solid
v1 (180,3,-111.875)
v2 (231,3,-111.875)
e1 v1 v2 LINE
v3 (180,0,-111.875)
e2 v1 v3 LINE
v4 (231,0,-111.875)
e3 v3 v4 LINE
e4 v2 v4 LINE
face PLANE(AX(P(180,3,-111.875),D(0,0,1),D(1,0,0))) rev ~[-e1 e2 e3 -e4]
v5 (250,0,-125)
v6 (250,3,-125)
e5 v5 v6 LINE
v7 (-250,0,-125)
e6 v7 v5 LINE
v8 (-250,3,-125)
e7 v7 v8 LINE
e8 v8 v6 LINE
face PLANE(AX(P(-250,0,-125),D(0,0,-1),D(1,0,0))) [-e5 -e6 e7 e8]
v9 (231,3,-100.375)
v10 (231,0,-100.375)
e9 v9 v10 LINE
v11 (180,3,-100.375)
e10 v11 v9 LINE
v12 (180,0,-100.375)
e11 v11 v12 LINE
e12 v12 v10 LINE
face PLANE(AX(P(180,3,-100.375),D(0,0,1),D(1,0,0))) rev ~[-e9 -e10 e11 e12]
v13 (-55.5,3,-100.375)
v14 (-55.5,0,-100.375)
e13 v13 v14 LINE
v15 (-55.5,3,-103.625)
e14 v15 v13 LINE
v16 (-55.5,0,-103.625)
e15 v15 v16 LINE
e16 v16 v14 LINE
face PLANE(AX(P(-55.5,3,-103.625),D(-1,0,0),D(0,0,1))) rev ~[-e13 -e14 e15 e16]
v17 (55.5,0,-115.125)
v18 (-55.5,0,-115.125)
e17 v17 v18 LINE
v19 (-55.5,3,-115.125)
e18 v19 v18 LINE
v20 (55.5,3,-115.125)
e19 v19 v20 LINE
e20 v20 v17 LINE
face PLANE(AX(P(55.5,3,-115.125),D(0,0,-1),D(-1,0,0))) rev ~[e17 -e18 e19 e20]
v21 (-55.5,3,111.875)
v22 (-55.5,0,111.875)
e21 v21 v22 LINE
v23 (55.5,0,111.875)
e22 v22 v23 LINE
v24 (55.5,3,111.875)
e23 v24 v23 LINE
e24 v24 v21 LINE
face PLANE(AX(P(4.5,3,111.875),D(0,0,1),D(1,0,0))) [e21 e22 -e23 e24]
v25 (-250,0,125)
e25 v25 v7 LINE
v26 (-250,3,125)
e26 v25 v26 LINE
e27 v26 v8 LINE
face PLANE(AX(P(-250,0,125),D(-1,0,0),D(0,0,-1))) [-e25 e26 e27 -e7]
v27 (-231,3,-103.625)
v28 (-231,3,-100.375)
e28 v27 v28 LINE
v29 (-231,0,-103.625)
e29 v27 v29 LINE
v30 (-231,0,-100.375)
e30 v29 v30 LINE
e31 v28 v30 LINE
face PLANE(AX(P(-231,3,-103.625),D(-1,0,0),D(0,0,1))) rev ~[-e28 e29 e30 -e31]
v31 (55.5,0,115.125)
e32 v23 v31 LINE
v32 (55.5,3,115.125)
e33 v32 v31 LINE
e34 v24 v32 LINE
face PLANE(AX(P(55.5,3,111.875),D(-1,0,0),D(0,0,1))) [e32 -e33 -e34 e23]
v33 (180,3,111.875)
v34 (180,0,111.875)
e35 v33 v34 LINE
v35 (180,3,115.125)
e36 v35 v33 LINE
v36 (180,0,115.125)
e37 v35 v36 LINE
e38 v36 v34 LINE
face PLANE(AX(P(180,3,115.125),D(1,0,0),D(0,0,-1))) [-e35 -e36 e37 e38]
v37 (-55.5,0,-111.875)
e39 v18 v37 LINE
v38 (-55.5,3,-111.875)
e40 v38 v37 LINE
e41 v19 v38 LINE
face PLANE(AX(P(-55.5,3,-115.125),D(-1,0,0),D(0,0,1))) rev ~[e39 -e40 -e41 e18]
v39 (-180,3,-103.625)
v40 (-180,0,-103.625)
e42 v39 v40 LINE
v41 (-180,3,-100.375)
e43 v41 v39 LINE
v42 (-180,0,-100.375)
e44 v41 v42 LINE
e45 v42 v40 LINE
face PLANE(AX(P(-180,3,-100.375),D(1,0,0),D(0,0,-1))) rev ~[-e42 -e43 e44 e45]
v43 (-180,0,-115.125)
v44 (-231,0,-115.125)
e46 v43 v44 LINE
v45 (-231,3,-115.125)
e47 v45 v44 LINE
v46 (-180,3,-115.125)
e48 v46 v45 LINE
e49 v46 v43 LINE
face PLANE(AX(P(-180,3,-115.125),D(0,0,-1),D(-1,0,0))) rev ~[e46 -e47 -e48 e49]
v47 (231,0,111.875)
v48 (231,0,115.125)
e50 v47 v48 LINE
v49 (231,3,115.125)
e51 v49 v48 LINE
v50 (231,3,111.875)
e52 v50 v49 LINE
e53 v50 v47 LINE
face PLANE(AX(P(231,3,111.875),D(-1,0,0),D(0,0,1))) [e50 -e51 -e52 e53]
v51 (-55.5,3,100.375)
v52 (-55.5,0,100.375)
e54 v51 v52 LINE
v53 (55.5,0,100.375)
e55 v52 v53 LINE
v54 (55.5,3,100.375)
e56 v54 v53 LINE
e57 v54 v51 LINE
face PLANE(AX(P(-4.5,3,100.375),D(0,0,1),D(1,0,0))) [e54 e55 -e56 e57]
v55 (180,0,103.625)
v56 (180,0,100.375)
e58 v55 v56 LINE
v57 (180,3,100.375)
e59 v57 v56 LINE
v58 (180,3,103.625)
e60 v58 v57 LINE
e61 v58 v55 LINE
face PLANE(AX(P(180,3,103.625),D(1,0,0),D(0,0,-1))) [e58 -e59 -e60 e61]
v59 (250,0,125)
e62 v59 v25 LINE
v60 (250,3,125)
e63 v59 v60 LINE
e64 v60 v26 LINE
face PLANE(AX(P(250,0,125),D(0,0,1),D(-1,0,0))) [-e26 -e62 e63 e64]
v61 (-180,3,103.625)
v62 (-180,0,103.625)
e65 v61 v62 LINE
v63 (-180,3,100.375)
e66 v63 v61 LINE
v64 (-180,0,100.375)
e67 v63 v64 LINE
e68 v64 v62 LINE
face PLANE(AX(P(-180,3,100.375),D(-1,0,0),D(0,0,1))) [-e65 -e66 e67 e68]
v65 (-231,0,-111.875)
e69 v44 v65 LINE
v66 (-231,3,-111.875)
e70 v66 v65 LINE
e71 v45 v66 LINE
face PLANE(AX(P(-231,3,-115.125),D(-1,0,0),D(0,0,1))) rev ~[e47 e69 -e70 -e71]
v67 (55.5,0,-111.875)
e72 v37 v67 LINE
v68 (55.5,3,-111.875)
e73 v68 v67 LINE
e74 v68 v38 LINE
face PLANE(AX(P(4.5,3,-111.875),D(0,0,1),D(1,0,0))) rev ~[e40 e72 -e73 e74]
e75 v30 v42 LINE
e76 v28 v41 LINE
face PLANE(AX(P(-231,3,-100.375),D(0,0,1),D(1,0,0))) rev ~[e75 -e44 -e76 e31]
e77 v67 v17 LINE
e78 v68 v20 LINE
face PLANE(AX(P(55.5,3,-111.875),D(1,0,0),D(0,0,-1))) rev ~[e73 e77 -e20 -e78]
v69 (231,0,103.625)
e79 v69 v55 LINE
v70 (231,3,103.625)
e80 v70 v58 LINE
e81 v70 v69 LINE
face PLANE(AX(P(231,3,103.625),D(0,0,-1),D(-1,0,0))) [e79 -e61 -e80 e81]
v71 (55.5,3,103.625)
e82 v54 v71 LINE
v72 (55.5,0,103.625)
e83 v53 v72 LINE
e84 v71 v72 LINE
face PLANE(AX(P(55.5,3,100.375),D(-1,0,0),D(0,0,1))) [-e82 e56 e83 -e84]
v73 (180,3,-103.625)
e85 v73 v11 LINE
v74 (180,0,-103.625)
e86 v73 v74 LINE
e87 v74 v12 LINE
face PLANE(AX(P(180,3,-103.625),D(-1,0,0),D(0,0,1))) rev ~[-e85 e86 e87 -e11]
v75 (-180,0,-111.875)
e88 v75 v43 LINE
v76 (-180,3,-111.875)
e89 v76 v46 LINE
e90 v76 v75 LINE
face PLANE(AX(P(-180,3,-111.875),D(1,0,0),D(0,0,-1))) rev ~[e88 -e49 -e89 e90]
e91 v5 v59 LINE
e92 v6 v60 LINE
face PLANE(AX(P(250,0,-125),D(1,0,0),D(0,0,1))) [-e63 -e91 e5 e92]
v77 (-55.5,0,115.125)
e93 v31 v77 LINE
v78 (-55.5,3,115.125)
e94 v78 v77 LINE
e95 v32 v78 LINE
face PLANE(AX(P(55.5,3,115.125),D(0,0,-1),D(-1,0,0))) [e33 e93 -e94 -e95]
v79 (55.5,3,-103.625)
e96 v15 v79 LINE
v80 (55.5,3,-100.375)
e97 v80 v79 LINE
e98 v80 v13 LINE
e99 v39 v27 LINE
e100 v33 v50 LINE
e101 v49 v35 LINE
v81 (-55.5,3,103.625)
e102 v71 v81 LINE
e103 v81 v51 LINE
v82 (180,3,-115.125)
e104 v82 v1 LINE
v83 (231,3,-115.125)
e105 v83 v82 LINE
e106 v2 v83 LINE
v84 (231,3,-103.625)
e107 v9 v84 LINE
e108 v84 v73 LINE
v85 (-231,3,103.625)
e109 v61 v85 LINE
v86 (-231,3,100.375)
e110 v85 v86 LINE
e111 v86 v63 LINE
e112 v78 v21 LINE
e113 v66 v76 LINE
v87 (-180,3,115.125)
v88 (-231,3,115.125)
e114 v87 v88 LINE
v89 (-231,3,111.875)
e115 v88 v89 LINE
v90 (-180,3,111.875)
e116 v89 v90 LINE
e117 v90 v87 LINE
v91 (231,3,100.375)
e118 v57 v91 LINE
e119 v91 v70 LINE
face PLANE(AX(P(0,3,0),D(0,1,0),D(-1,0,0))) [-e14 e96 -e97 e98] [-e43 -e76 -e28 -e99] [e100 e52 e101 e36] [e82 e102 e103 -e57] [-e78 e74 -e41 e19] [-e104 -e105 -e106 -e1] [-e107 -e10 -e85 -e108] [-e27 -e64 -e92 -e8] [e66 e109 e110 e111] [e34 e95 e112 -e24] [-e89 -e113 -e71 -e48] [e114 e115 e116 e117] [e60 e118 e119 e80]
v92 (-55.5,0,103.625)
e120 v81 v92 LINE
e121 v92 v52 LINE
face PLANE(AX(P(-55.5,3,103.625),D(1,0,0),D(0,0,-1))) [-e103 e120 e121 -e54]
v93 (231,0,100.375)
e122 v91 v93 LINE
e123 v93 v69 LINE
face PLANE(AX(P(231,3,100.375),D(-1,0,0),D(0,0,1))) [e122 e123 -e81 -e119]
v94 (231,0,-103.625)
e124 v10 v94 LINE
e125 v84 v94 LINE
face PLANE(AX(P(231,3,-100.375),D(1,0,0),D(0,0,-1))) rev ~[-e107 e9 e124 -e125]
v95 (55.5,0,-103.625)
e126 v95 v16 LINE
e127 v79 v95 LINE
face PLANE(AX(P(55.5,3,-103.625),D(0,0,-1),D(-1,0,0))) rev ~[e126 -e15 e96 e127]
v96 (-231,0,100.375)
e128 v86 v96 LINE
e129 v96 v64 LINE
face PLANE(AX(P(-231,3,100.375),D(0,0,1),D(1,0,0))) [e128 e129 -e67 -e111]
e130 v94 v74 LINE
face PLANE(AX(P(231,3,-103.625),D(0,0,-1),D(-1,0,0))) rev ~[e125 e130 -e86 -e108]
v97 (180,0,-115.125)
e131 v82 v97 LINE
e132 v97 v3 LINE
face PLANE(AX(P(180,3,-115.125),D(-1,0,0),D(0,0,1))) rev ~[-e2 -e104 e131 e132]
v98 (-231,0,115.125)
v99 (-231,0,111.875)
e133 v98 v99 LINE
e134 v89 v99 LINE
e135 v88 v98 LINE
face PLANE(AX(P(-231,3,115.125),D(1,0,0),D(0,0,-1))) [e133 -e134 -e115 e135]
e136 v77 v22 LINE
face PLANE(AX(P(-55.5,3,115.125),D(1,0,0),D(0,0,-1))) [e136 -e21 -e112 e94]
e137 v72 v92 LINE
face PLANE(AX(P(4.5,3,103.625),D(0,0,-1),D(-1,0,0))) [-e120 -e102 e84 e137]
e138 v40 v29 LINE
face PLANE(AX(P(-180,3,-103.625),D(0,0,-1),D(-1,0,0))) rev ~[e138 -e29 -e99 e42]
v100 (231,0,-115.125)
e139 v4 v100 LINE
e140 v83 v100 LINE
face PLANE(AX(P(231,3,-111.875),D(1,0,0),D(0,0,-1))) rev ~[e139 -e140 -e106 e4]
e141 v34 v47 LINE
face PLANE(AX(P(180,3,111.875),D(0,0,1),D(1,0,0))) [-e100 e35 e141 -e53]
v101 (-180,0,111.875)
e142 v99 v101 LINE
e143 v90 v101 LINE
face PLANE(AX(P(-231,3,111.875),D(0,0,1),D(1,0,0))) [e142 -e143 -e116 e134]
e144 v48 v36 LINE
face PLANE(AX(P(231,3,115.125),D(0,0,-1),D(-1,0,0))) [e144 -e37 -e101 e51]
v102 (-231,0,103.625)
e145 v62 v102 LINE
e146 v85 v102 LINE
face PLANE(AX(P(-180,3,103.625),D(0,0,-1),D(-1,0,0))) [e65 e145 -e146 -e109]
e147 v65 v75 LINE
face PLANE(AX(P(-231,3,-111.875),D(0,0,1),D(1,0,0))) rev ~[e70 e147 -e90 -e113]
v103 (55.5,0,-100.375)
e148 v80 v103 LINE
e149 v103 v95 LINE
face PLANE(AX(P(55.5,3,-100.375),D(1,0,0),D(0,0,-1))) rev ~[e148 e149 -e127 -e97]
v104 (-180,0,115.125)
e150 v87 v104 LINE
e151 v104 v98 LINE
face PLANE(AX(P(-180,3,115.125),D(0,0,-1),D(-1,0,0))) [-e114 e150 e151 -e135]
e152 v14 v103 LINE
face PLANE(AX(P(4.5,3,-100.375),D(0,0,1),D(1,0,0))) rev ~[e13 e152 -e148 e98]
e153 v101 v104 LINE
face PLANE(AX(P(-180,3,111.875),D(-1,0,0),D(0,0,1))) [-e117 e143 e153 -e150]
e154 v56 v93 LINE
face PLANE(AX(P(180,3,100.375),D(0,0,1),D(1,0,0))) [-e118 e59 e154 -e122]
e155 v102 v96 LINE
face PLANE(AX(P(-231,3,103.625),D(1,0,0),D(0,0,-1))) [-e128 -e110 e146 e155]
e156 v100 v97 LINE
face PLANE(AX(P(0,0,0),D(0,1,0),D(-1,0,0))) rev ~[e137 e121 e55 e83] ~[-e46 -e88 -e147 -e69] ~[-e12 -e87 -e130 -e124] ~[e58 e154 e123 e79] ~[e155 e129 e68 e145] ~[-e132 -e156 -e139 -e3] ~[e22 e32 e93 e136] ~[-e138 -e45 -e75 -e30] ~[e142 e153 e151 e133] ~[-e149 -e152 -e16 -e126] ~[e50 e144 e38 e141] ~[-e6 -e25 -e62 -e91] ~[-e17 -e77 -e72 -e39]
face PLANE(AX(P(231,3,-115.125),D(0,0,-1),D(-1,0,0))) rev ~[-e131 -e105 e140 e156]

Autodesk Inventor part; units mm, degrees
ref_plane "YZ Plane" through (0, 0, 0) normal (1, 0, 0) x (0, 1, 0)
ref_plane "XZ Plane" through (0, 0, 0) normal (0, 1, 0) x (-1, 0, 0)
ref_plane "XY Plane" through (0, 0, 0) normal (0, 0, 1) x (1, 0, 0)
sketch "Sketch1" plane through (0, 0, 0) normal (0, 1, 0) x (-1, 0, 0)
  line L0 (-250, 125) -> (250, 125)
  line L1 (250, 125) -> (250, -125)
  line L2 (250, -125) -> (-250, -125)
  line L3 (-250, -125) -> (-250, 125)
  line L4 (-250, 125) -> (250, -125) construction
  line L5 (250, 125) -> (-250, -125) construction
  point P0 (0, 0)
  dimension "d0" = 500
  dimension "d1" = 250
extrude "Extrusion1" add sketch "Sketch1" along normal blind 3
sketch "Sketch3" plane through (0, 3, 0) normal (0, 1, 0) x (1, 0, 0)
  line L0 (55.5, 115.125) -> (4.5, 115.125)
  line L1 (4.5, 115.125) -> (4.5, 111.875)
  line L2 (4.5, 111.875) -> (55.5, 111.875)
  line L3 (55.5, 111.875) -> (55.5, 115.125)
  line L4 (55.5, 115.125) -> (4.5, 111.875) construction
  line L5 (4.5, 115.125) -> (55.5, 111.875) construction
  line L6 (-4.5, 115.125) -> (-55.5, 115.125)
  line L7 (-55.5, 115.125) -> (-55.5, 111.875)
  line L8 (-55.5, 111.875) -> (-4.5, 111.875)
  line L9 (-4.5, 111.875) -> (-4.5, 115.125)
  line L10 (-4.5, 115.125) -> (-55.5, 111.875) construction
  line L11 (-55.5, 115.125) -> (-4.5, 111.875) construction
  line L12 (250, 125) -> (-250, 125) projected
  line L13 (231, 115.125) -> (180, 115.125)
  line L14 (180, 115.125) -> (180, 111.875)
  line L15 (180, 111.875) -> (231, 111.875)
  line L16 (231, 111.875) -> (231, 115.125)
  line L17 (231, 115.125) -> (180, 111.875) construction
  line L18 (180, 115.125) -> (231, 111.875) construction
  line L19 (4.5, 115.125) -> (-4.5, 115.125)
  line L20 (-4.5, 115.125) -> (-4.5, 111.875)
  line L21 (-4.5, 111.875) -> (4.5, 111.875)
  line L22 (4.5, 111.875) -> (4.5, 115.125)
  line L23 (-180, 115.125) -> (-231, 115.125)
  line L24 (-231, 115.125) -> (-231, 111.875)
  line L25 (-231, 111.875) -> (-180, 111.875)
  line L26 (-180, 111.875) -> (-180, 115.125)
  line L27 (250, 125) -> (250, -125)
  line L28 (55.5, 103.625) -> (4.5, 103.625)
  line L29 (4.5, 103.625) -> (4.5, 100.375)
  line L30 (4.5, 100.375) -> (55.5, 100.375)
  line L31 (55.5, 100.375) -> (55.5, 103.625)
  line L32 (55.5, 103.625) -> (4.5, 100.375) construction
  line L33 (4.5, 103.625) -> (55.5, 100.375) construction
  line L34 (-4.5, 103.625) -> (-55.5, 103.625)
  line L35 (-55.5, 103.625) -> (-55.5, 100.375)
  line L36 (-55.5, 100.375) -> (-4.5, 100.375)
  line L37 (-4.5, 100.375) -> (-4.5, 103.625)
  line L38 (-4.5, 103.625) -> (-55.5, 100.375) construction
  line L39 (-55.5, 103.625) -> (-4.5, 100.375) construction
  line L40 (4.5, 103.625) -> (-4.5, 103.625)
  line L41 (-4.5, 103.625) -> (-4.5, 100.375)
  line L42 (-4.5, 100.375) -> (4.5, 100.375)
  line L43 (4.5, 100.375) -> (4.5, 103.625)
  line L44 (-180, 103.625) -> (-231, 103.625)
  line L45 (-231, 103.625) -> (-231, 100.375)
  line L46 (-231, 100.375) -> (-180, 100.375)
  line L47 (-180, 100.375) -> (-180, 103.625)
  line L48 (250, 113.5) -> (250, -136.5)
  line L49 (253.2147, 0) -> (-252.6779, 0)
  line L50 (231, 103.625) -> (180, 103.625)
  line L51 (180, 103.625) -> (180, 100.375)
  line L52 (180, 100.375) -> (231, 100.375)
  line L53 (231, 100.375) -> (231, 103.625)
  line L54 (231, 103.625) -> (180, 100.375) construction
  line L55 (180, 103.625) -> (231, 100.375) construction
  line L56 (55.5, -115.125) -> (4.5, -115.125)
  line L57 (4.5, -115.125) -> (4.5, -111.875)
  line L58 (4.5, -111.875) -> (55.5, -111.875)
  line L59 (55.5, -111.875) -> (55.5, -115.125)
  line L60 (55.5, -115.125) -> (4.5, -111.875) construction
  line L61 (4.5, -115.125) -> (55.5, -111.875) construction
  line L62 (-4.5, -115.125) -> (-55.5, -115.125)
  line L63 (-55.5, -115.125) -> (-55.5, -111.875)
  line L64 (-55.5, -111.875) -> (-4.5, -111.875)
  line L65 (-4.5, -111.875) -> (-4.5, -115.125)
  line L66 (-4.5, -115.125) -> (-55.5, -111.875) construction
  line L67 (-55.5, -115.125) -> (-4.5, -111.875) construction
  line L68 (250, -125) -> (-250, -125)
  line L69 (231, -115.125) -> (180, -115.125)
  line L70 (180, -115.125) -> (180, -111.875)
  line L71 (180, -111.875) -> (231, -111.875)
  line L72 (231, -111.875) -> (231, -115.125)
  line L73 (231, -115.125) -> (180, -111.875) construction
  line L74 (180, -115.125) -> (231, -111.875) construction
  line L75 (4.5, -115.125) -> (-4.5, -115.125)
  line L76 (-4.5, -115.125) -> (-4.5, -111.875)
  line L77 (-4.5, -111.875) -> (4.5, -111.875)
  line L78 (4.5, -111.875) -> (4.5, -115.125)
  line L79 (-180, -115.125) -> (-231, -115.125)
  line L80 (-231, -115.125) -> (-231, -111.875)
  line L81 (-231, -111.875) -> (-180, -111.875)
  line L82 (-180, -111.875) -> (-180, -115.125)
  line L83 (4.5, -103.625) -> (-4.5, -103.625)
  line L84 (-4.5, -100.375) -> (4.5, -100.375)
  line L85 (-4.5, -100.375) -> (-4.5, -103.625)
  line L86 (-4.5, -103.625) -> (-4.5, -100.375)
  line L87 (-55.5, -100.375) -> (-4.5, -100.375)
  line L88 (-55.5, -103.625) -> (-55.5, -100.375)
  line L89 (-4.5, -103.625) -> (-55.5, -100.375) construction
  line L90 (-55.5, -103.625) -> (-4.5, -100.375) construction
  line L91 (-4.5, -103.625) -> (-55.5, -103.625)
  line L92 (4.5, -103.625) -> (4.5, -100.375)
  line L93 (4.5, -100.375) -> (4.5, -103.625)
  line L94 (55.5, -103.625) -> (4.5, -103.625)
  line L95 (4.5, -100.375) -> (55.5, -100.375)
  line L96 (55.5, -103.625) -> (4.5, -100.375) construction
  line L97 (4.5, -103.625) -> (55.5, -100.375) construction
  line L98 (55.5, -100.375) -> (55.5, -103.625)
  line L99 (-180, -100.375) -> (-180, -103.625)
  line L100 (-180, -103.625) -> (-231, -103.625)
  line L101 (-231, -100.375) -> (-180, -100.375)
  line L102 (-231, -103.625) -> (-231, -100.375)
  line L103 (180, -103.625) -> (180, -100.375)
  line L104 (231, -103.625) -> (180, -103.625)
  line L105 (180, -100.375) -> (231, -100.375)
  line L106 (231, -103.625) -> (180, -100.375) construction
  line L107 (180, -103.625) -> (231, -100.375) construction
  line L108 (231, -100.375) -> (231, -103.625)
  point P0 (0, 0)
  point P1 (30, 113.5)
  point P2 (-30, 113.5)
  point P3 (205.5, 113.5)
  point P4 (0, -11.5)
  point P5 (30, 102)
  point P6 (-30, 102)
  point P7 (-250, 113.5)
  point P8 (205.5, 102)
  point P9 (30, -113.5)
  point P10 (-30, -113.5)
  point P11 (205.5, -113.5)
  point P12 (250, -113.5)
  point P13 (-250, -113.5)
  point P14 (-30, -102)
  point P15 (30, -102)
  point P16 (205.5, -102)
  dimension "d28" = 51
  dimension "d29" = 3.25
  dimension "d30" = 51
  dimension "d31" = 3.25
  dimension "d32" = 4.5
  dimension "d33" = 9
  dimension "d34" = 9.875
  dimension "d35" = 9.875
  dimension "d36" = 51
  dimension "d37" = 3.25
  dimension "d38" = 124.5
  dimension "d39" = 9.875
  dimension "d40" = 51
  dimension "d41" = 3.25
  dimension "d42" = 124.5
  dimension "d43" = 9.875
  dimension "d46" = 11.5
  dimension "d53" = 11.5
extrude "Extrusion3" cut sketch "Sketch3" against normal blind 10
properties part number "plaat"
